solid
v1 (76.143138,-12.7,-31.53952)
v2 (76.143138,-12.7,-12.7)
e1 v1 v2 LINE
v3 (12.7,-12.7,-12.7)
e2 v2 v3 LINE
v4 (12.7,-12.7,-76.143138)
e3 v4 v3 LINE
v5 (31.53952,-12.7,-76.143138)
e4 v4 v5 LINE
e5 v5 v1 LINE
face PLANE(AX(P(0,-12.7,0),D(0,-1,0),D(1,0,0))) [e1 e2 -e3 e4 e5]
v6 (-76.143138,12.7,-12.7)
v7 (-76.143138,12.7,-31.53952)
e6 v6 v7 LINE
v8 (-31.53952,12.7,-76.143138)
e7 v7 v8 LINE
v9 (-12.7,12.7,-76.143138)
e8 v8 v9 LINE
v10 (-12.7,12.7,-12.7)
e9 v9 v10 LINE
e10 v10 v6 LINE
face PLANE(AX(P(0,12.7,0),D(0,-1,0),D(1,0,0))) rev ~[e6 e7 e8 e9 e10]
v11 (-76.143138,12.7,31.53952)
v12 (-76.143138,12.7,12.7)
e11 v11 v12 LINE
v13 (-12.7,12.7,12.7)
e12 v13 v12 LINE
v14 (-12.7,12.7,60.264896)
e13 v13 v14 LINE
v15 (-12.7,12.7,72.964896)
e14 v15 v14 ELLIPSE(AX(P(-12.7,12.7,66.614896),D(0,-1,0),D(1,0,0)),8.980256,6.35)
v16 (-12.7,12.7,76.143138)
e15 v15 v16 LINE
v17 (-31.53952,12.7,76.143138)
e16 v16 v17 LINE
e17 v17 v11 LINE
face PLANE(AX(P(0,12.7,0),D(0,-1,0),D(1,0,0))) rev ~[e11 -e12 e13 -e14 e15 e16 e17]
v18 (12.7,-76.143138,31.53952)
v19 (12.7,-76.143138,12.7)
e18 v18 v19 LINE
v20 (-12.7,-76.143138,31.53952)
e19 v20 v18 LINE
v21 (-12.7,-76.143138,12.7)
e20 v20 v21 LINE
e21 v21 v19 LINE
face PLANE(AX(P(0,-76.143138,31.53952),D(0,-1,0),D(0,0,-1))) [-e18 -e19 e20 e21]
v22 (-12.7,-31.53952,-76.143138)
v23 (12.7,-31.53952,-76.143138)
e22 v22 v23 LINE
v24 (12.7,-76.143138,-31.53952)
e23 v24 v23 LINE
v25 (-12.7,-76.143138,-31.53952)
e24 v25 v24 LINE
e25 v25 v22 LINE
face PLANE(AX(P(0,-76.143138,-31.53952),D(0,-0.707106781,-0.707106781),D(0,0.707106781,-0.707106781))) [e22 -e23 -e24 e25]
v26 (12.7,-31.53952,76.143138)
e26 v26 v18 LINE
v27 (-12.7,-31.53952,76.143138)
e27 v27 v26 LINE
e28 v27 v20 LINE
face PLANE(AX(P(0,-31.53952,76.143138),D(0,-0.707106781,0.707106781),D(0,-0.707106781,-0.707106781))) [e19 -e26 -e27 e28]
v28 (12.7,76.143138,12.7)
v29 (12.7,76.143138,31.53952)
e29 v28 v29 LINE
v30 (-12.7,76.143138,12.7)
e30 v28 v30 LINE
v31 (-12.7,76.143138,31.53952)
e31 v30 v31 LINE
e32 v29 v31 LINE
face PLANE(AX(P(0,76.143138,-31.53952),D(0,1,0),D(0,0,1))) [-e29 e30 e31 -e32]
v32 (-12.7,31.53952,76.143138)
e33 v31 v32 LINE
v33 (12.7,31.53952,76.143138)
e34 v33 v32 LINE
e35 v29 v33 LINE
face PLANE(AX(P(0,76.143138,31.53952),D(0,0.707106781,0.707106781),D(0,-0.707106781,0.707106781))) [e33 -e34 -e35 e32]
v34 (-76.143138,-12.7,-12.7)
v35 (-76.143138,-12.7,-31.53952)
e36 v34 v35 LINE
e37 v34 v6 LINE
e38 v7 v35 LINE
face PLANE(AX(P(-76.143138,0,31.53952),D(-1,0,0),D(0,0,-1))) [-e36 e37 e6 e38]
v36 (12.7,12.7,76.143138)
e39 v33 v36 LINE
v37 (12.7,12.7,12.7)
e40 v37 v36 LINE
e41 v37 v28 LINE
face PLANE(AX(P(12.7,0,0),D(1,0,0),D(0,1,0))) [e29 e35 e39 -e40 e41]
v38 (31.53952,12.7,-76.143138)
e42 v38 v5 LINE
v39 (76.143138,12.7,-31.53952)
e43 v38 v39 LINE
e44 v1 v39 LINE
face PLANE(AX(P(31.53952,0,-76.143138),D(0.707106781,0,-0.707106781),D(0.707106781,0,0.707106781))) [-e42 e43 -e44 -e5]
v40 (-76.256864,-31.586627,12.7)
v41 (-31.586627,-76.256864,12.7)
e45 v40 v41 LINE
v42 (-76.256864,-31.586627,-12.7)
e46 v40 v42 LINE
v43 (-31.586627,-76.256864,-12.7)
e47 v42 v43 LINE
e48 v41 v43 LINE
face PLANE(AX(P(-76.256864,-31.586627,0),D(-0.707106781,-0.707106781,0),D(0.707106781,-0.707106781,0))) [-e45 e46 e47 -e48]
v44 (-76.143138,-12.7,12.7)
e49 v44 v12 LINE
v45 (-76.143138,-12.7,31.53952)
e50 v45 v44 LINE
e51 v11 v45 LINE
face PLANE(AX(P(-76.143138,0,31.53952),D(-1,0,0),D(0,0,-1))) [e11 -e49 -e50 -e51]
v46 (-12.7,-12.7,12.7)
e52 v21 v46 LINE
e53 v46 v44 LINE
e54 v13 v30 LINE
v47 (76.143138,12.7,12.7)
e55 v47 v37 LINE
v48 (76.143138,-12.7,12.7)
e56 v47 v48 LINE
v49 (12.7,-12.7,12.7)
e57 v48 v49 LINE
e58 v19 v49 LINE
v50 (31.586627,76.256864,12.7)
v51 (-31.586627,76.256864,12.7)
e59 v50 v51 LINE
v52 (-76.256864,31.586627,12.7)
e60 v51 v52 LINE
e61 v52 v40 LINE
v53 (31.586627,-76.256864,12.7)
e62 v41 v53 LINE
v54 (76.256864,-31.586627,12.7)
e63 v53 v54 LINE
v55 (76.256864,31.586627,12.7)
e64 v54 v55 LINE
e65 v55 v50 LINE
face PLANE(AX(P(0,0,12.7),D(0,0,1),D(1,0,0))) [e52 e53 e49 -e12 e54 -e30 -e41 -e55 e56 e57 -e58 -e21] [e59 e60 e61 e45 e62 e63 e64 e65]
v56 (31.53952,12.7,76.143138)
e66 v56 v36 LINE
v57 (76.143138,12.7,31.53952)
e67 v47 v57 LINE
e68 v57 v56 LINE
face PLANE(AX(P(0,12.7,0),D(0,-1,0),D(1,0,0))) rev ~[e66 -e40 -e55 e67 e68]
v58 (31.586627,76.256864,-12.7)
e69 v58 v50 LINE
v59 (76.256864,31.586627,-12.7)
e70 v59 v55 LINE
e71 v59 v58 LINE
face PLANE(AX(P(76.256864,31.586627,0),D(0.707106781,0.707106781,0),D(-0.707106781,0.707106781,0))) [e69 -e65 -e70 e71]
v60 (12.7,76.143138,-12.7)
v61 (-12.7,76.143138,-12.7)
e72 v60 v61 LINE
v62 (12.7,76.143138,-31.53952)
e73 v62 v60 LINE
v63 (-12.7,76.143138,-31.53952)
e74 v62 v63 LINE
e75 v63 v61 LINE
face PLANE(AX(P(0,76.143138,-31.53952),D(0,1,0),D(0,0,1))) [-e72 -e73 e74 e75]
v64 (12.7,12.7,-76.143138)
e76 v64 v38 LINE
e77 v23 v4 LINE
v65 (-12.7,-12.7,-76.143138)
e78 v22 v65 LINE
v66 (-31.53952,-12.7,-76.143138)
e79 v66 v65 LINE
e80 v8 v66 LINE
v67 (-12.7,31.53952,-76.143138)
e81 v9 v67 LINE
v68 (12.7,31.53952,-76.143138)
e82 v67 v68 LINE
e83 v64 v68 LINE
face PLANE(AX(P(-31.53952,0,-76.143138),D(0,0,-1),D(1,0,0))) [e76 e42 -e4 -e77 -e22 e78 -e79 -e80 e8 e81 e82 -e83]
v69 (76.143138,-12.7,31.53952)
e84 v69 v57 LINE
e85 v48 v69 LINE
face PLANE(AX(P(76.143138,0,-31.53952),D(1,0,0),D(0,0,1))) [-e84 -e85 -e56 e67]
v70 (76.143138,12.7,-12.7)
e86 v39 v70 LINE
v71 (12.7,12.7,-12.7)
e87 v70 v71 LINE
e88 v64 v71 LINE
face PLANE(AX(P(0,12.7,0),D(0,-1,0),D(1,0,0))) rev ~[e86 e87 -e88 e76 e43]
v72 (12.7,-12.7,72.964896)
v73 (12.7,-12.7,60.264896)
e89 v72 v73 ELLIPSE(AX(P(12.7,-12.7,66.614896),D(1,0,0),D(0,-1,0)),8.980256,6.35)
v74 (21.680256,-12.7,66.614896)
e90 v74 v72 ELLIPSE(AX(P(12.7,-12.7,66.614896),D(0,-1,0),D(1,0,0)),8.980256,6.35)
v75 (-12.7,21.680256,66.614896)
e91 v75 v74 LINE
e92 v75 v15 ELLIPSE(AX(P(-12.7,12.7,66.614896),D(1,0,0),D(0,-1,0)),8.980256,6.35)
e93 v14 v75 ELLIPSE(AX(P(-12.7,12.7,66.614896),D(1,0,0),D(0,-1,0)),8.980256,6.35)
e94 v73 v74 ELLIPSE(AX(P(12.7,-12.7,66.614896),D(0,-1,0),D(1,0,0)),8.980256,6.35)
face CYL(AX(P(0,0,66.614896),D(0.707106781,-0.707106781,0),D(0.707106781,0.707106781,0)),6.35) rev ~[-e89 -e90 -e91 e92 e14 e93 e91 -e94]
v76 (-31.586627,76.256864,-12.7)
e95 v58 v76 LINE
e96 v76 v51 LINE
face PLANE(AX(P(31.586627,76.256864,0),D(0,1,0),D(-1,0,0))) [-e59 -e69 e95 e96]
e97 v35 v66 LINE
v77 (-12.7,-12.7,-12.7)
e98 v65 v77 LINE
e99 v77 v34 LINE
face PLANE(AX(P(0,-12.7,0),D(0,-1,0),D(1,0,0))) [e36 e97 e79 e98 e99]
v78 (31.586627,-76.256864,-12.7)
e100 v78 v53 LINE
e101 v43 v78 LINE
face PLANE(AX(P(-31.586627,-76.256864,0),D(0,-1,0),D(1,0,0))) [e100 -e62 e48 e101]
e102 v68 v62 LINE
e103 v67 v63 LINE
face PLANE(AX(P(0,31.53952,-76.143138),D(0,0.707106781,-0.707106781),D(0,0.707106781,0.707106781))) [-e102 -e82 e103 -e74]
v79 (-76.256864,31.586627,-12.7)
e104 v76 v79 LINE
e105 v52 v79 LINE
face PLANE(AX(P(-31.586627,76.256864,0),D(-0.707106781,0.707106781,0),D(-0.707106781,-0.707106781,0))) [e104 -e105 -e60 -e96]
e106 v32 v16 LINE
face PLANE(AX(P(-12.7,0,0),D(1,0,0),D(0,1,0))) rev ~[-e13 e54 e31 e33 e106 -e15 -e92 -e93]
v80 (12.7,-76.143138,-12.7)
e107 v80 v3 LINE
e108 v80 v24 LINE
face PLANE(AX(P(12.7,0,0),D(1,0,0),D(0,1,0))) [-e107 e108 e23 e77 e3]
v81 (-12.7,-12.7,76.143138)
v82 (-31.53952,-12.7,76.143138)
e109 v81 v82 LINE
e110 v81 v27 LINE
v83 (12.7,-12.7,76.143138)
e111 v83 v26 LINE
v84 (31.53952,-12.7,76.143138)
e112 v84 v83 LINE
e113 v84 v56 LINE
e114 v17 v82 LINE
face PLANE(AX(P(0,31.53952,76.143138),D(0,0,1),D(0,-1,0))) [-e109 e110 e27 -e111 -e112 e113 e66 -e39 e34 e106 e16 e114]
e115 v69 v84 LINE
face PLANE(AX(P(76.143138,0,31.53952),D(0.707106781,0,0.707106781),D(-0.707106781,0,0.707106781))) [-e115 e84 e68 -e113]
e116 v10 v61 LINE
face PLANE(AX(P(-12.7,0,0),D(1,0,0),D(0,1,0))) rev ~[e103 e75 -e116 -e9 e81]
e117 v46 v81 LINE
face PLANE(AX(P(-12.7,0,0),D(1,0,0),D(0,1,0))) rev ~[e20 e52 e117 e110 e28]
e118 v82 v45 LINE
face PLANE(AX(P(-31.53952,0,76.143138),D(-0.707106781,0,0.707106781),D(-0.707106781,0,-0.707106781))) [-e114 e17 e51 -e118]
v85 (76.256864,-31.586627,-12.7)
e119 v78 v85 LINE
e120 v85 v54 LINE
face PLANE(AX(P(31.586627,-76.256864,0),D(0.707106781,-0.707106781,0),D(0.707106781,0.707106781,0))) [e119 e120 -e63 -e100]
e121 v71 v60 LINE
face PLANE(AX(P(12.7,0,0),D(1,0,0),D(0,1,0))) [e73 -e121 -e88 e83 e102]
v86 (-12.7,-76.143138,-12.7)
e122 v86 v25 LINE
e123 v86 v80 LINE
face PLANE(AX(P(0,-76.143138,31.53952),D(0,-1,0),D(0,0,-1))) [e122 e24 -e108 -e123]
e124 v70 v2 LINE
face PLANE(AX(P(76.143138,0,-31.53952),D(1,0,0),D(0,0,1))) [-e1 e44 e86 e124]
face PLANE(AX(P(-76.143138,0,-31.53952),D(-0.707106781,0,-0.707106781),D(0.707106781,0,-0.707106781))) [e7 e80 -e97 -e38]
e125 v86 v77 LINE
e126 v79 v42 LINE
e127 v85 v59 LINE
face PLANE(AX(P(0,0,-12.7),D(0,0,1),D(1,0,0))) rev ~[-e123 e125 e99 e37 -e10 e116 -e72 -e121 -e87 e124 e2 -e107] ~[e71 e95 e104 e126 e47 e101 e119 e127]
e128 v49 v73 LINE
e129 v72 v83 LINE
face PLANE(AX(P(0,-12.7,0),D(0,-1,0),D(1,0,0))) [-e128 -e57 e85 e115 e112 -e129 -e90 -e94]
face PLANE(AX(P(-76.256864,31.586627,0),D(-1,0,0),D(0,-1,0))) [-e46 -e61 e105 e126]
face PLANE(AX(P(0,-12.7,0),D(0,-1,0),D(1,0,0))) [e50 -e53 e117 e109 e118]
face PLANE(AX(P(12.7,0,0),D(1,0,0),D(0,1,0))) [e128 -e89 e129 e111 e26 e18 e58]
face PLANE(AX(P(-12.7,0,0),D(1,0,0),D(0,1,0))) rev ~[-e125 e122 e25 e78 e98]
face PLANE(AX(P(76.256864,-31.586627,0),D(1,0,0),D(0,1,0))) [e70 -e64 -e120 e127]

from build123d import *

# Parameters (mm, degrees)
F1_DEPTH = 12.7
F3_DEPTH = 12.7
F5_DEPTH = 12.7
F7_R     = 6.35
F8_DEPTH = 63.5


with BuildPart() as f1:
    # F0 (on Front) → F1 (new body, symmetric)
    with BuildSketch(Plane.XZ):
        Polygon((31.5395204871, 76.1431381106), (-31.5395204871, 76.1431381106), (-76.1431381106, 31.5395204871), (-76.1431381106, -31.5395204871), (-31.5395204871, -76.1431381106), (31.5395204871, -76.1431381106), (76.1431381106, -31.5395204871), (76.1431381106, 31.5395204871), align=None)
    extrude(amount=F1_DEPTH, both=True)

    # F2 (on Top) → F3 (join, symmetric)
    with BuildSketch(Plane.XY):
        Polygon((-31.5866271988, -76.2568637729), (31.5866271988, -76.2568637729), (76.2568637729, -31.5866271988), (76.2568637729, 31.5866271988), (31.5866271988, 76.2568637729), (-31.5866271988, 76.2568637729), (-76.2568637729, 31.5866271988), (-76.2568637729, -31.5866271988), align=None)
    extrude(amount=F3_DEPTH, both=True)

    # F4 (on Right) → F5 (join, symmetric)
    with BuildSketch(Plane.YZ):
        Polygon((31.5395204871, 76.1431381106), (-31.5395204871, 76.1431381106), (-76.1431381106, 31.5395204871), (-76.1431381106, -31.5395204871), (-31.5395204871, -76.1431381106), (31.5395204871, -76.1431381106), (76.1431381106, -31.5395204871), (76.1431381106, 31.5395204871), align=None)
    extrude(amount=F5_DEPTH, both=True)

    # F7 (on 3pt) → F8 (cut, symmetric)
    with BuildSketch(Plane(origin=(0, 0, 0), x_dir=(0.7071067812, 0.7071067812, 0), z_dir=(0.7071067812, -0.7071067812, 0))):
        with Locations((0, 66.614896059)):
            Circle(F7_R)
    extrude(amount=F8_DEPTH, both=True, mode=Mode.SUBTRACT)


solid = f1.part
